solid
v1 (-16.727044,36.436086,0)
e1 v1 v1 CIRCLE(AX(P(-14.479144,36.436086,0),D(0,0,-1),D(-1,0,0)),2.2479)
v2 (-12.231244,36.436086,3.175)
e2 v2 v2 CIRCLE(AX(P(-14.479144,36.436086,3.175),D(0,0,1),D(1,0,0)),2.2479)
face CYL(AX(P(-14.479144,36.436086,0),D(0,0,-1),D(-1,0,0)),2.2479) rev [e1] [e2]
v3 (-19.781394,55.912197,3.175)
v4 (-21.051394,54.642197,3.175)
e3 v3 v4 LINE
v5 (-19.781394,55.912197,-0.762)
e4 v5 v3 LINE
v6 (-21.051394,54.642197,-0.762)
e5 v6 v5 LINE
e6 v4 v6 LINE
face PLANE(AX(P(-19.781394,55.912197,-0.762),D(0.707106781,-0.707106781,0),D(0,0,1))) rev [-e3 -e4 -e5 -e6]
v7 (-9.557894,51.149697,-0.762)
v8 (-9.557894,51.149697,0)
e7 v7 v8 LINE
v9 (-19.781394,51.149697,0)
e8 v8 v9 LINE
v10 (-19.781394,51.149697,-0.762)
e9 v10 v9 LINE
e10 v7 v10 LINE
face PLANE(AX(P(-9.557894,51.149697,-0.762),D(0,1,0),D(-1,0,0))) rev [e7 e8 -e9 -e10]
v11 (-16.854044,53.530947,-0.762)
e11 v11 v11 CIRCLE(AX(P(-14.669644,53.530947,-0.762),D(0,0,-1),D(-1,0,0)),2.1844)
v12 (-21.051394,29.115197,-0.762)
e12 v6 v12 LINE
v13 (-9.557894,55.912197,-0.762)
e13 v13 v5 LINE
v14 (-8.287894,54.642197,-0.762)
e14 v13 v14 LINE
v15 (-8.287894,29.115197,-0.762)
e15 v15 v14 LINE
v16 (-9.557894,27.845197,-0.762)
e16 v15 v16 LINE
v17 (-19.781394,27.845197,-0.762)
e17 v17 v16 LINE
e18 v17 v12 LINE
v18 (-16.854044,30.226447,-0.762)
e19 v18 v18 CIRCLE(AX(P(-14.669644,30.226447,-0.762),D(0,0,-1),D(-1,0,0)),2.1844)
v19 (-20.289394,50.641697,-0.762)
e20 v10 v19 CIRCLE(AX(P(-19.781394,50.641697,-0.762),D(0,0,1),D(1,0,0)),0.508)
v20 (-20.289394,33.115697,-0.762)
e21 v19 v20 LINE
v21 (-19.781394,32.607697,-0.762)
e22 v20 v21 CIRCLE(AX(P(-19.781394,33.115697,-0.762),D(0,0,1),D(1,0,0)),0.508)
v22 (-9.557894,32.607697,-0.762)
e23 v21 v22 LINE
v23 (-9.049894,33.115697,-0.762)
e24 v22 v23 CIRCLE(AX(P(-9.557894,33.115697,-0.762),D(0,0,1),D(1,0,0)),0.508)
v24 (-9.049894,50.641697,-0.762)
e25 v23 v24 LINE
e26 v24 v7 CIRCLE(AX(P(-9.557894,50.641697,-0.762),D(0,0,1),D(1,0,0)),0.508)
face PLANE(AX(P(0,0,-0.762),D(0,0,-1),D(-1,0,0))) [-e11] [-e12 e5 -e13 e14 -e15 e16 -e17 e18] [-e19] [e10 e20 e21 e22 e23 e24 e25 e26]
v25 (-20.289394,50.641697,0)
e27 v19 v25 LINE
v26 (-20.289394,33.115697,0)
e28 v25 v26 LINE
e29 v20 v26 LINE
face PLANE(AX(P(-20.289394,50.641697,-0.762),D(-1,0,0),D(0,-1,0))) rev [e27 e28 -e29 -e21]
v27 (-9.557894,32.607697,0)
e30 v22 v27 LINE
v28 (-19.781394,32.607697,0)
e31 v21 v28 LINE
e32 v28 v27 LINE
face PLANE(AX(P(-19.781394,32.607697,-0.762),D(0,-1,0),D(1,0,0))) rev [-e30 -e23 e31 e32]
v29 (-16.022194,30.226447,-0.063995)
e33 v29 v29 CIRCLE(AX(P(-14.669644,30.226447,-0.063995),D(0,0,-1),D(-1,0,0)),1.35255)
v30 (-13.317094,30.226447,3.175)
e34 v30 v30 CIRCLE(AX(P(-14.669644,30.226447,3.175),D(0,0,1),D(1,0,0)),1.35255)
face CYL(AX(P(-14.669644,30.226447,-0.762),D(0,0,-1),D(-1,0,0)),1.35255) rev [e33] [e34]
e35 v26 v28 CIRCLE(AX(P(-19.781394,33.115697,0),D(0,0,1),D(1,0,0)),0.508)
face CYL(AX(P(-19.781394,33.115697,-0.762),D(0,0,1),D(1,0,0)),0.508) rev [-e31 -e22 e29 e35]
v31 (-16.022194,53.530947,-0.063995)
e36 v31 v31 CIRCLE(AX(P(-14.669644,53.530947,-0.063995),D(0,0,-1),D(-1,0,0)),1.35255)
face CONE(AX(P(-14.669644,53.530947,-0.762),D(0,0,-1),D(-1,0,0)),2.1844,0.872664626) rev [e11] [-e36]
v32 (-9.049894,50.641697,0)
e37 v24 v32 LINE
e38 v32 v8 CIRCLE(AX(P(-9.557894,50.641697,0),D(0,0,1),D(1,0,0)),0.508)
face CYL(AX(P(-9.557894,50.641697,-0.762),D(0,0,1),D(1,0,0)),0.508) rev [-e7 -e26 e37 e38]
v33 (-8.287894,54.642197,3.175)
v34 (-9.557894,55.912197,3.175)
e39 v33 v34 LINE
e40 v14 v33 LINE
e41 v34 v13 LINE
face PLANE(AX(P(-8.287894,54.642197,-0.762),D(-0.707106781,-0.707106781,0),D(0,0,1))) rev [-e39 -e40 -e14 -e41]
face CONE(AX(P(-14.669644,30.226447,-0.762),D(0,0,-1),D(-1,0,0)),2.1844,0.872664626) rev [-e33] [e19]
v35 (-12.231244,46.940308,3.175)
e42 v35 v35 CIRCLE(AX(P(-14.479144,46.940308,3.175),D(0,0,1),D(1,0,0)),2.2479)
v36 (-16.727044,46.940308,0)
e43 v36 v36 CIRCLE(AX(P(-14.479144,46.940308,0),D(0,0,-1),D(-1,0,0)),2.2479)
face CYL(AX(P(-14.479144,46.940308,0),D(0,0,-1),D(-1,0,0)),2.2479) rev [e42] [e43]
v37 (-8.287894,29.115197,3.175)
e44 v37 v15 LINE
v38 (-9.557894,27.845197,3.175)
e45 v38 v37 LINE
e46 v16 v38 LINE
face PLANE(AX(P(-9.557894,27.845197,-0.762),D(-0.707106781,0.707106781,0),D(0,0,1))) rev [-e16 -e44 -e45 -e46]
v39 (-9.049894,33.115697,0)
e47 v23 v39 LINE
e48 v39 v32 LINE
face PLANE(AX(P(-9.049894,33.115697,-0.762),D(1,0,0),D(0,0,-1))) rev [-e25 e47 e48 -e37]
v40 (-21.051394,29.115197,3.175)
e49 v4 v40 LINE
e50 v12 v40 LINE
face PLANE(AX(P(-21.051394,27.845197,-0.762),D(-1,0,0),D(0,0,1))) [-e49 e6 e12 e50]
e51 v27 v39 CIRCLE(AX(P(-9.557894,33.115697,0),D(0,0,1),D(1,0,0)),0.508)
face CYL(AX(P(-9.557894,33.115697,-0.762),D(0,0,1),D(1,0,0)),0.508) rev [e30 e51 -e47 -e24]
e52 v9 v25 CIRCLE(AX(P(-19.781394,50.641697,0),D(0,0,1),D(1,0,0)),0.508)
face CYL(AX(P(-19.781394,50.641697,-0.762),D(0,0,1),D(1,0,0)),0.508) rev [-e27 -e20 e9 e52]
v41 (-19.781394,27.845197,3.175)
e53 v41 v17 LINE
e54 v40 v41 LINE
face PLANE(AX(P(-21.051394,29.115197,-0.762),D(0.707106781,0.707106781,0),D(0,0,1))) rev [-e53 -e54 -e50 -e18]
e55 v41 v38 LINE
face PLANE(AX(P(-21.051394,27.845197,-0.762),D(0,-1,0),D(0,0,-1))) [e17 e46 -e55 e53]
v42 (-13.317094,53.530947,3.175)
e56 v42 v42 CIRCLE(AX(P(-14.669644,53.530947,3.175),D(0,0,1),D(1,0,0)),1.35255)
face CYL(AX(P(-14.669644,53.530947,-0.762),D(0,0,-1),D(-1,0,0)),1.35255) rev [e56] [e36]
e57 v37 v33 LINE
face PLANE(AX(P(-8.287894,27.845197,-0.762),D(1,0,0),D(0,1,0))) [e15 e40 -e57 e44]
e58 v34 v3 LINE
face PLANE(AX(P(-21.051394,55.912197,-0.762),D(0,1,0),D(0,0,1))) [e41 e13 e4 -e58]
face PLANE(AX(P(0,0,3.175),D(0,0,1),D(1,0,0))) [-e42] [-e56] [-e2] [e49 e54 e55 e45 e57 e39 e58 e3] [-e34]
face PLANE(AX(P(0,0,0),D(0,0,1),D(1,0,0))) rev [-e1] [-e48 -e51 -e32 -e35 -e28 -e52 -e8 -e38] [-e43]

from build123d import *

# Parameters (mm, degrees)
SKETCH1_W                                         = 12.7635
SKETCH1_H                                         = 28.067000578
BOSS_EXTRUDE1_DEPTH                               = 0.762
SKETCH3_W                                         = 12.7635
SKETCH3_H                                         = 28.067000578
BOSS_EXTRUDE2_DEPTH                               = 3.175
CSK_FOR_2_FLAT_HEAD_MACHINE_SCREW_100_D           = 2.7051
CSK_FOR_2_FLAT_HEAD_MACHINE_SCREW_100_DEPTH       = 3.937
CSK_FOR_2_FLAT_HEAD_MACHINE_SCREW_100_CSINK_D     = 4.3688
CSK_FOR_2_FLAT_HEAD_MACHINE_SCREW_100_CSINK_ANGLE = 100
F_16_0_177_DIAMETER_HOLE1_D                       = 4.4958
F_16_0_177_DIAMETER_HOLE1_DEPTH                   = 3.175
CHAMFER1_SIZE                                     = 1.27


with BuildPart() as part:
    # Sketch1 → Boss-Extrude1 (new body)
    with BuildSketch(Plane.XY):
        with Locations((-14.669644351, 41.878697202)):
            Rectangle(SKETCH1_W, SKETCH1_H)
        with BuildLine():
            Line((-9.049894351, 33.115696913), (-9.049894351, 50.641696913))
            ThreePointArc((-9.049894351, 50.641696913), (-9.198684106, 51.000907158), (-9.557894351, 51.149696913))
            Line((-9.557894351, 51.149696913), (-19.781394351, 51.149696913))
            ThreePointArc((-19.781394351, 51.149696913), (-20.140604596, 51.000907158), (-20.289394351, 50.641696913))
            Line((-20.289394351, 50.641696913), (-20.289394351, 33.115696913))
            ThreePointArc((-20.289394351, 33.115696913), (-20.140604596, 32.756486668), (-19.781394351, 32.607696913))
            Line((-19.781394351, 32.607696913), (-9.557894351, 32.607696913))
            ThreePointArc((-9.557894351, 32.607696913), (-9.198684106, 32.756486668), (-9.049894351, 33.115696913))
        make_face(mode=Mode.SUBTRACT)
    extrude(amount=-BOSS_EXTRUDE1_DEPTH)

    # Sketch3 → Boss-Extrude2 (add)
    with BuildSketch(Plane.XY):
        with Locations((-14.669644351, 41.878697202)):
            Rectangle(SKETCH3_W, SKETCH3_H)
    extrude(amount=BOSS_EXTRUDE2_DEPTH)

    # CSK for #2 Flat Head Machine Screw (100)1
    with Locations(Plane(origin=(0, 0, -0.762), x_dir=(-1, 0, 0), z_dir=(0, 0, -1))):
        with Locations((14.669644351, 53.530947491), (14.669644351, 30.226446913)):
            CounterSinkHole(CSK_FOR_2_FLAT_HEAD_MACHINE_SCREW_100_D / 2, CSK_FOR_2_FLAT_HEAD_MACHINE_SCREW_100_CSINK_D / 2, depth=CSK_FOR_2_FLAT_HEAD_MACHINE_SCREW_100_DEPTH, counter_sink_angle=CSK_FOR_2_FLAT_HEAD_MACHINE_SCREW_100_CSINK_ANGLE)

    # #16 (0.177) Diameter Hole1
    with Locations(Plane(origin=(0, 0, 0), x_dir=(-1, 0, 0), z_dir=(0, 0, -1))):
        with Locations((14.479144351, 36.436086129), (14.479144351, 46.940307697)):
            Hole(F_16_0_177_DIAMETER_HOLE1_D / 2, depth=F_16_0_177_DIAMETER_HOLE1_DEPTH)

    # Chamfer1
    chamfer1_edges = [part.edges().sort_by_distance(p)[0] for p in [
        (-8.287894351, 27.845196913, 1.2065),
        (-21.051394351, 27.845196913, 1.2065),
        (-21.051394351, 55.912197491, 1.2065),
        (-8.287894351, 55.912197491, 1.2065),
    ]]
    chamfer(chamfer1_edges, length=CHAMFER1_SIZE)


solid = part.part
